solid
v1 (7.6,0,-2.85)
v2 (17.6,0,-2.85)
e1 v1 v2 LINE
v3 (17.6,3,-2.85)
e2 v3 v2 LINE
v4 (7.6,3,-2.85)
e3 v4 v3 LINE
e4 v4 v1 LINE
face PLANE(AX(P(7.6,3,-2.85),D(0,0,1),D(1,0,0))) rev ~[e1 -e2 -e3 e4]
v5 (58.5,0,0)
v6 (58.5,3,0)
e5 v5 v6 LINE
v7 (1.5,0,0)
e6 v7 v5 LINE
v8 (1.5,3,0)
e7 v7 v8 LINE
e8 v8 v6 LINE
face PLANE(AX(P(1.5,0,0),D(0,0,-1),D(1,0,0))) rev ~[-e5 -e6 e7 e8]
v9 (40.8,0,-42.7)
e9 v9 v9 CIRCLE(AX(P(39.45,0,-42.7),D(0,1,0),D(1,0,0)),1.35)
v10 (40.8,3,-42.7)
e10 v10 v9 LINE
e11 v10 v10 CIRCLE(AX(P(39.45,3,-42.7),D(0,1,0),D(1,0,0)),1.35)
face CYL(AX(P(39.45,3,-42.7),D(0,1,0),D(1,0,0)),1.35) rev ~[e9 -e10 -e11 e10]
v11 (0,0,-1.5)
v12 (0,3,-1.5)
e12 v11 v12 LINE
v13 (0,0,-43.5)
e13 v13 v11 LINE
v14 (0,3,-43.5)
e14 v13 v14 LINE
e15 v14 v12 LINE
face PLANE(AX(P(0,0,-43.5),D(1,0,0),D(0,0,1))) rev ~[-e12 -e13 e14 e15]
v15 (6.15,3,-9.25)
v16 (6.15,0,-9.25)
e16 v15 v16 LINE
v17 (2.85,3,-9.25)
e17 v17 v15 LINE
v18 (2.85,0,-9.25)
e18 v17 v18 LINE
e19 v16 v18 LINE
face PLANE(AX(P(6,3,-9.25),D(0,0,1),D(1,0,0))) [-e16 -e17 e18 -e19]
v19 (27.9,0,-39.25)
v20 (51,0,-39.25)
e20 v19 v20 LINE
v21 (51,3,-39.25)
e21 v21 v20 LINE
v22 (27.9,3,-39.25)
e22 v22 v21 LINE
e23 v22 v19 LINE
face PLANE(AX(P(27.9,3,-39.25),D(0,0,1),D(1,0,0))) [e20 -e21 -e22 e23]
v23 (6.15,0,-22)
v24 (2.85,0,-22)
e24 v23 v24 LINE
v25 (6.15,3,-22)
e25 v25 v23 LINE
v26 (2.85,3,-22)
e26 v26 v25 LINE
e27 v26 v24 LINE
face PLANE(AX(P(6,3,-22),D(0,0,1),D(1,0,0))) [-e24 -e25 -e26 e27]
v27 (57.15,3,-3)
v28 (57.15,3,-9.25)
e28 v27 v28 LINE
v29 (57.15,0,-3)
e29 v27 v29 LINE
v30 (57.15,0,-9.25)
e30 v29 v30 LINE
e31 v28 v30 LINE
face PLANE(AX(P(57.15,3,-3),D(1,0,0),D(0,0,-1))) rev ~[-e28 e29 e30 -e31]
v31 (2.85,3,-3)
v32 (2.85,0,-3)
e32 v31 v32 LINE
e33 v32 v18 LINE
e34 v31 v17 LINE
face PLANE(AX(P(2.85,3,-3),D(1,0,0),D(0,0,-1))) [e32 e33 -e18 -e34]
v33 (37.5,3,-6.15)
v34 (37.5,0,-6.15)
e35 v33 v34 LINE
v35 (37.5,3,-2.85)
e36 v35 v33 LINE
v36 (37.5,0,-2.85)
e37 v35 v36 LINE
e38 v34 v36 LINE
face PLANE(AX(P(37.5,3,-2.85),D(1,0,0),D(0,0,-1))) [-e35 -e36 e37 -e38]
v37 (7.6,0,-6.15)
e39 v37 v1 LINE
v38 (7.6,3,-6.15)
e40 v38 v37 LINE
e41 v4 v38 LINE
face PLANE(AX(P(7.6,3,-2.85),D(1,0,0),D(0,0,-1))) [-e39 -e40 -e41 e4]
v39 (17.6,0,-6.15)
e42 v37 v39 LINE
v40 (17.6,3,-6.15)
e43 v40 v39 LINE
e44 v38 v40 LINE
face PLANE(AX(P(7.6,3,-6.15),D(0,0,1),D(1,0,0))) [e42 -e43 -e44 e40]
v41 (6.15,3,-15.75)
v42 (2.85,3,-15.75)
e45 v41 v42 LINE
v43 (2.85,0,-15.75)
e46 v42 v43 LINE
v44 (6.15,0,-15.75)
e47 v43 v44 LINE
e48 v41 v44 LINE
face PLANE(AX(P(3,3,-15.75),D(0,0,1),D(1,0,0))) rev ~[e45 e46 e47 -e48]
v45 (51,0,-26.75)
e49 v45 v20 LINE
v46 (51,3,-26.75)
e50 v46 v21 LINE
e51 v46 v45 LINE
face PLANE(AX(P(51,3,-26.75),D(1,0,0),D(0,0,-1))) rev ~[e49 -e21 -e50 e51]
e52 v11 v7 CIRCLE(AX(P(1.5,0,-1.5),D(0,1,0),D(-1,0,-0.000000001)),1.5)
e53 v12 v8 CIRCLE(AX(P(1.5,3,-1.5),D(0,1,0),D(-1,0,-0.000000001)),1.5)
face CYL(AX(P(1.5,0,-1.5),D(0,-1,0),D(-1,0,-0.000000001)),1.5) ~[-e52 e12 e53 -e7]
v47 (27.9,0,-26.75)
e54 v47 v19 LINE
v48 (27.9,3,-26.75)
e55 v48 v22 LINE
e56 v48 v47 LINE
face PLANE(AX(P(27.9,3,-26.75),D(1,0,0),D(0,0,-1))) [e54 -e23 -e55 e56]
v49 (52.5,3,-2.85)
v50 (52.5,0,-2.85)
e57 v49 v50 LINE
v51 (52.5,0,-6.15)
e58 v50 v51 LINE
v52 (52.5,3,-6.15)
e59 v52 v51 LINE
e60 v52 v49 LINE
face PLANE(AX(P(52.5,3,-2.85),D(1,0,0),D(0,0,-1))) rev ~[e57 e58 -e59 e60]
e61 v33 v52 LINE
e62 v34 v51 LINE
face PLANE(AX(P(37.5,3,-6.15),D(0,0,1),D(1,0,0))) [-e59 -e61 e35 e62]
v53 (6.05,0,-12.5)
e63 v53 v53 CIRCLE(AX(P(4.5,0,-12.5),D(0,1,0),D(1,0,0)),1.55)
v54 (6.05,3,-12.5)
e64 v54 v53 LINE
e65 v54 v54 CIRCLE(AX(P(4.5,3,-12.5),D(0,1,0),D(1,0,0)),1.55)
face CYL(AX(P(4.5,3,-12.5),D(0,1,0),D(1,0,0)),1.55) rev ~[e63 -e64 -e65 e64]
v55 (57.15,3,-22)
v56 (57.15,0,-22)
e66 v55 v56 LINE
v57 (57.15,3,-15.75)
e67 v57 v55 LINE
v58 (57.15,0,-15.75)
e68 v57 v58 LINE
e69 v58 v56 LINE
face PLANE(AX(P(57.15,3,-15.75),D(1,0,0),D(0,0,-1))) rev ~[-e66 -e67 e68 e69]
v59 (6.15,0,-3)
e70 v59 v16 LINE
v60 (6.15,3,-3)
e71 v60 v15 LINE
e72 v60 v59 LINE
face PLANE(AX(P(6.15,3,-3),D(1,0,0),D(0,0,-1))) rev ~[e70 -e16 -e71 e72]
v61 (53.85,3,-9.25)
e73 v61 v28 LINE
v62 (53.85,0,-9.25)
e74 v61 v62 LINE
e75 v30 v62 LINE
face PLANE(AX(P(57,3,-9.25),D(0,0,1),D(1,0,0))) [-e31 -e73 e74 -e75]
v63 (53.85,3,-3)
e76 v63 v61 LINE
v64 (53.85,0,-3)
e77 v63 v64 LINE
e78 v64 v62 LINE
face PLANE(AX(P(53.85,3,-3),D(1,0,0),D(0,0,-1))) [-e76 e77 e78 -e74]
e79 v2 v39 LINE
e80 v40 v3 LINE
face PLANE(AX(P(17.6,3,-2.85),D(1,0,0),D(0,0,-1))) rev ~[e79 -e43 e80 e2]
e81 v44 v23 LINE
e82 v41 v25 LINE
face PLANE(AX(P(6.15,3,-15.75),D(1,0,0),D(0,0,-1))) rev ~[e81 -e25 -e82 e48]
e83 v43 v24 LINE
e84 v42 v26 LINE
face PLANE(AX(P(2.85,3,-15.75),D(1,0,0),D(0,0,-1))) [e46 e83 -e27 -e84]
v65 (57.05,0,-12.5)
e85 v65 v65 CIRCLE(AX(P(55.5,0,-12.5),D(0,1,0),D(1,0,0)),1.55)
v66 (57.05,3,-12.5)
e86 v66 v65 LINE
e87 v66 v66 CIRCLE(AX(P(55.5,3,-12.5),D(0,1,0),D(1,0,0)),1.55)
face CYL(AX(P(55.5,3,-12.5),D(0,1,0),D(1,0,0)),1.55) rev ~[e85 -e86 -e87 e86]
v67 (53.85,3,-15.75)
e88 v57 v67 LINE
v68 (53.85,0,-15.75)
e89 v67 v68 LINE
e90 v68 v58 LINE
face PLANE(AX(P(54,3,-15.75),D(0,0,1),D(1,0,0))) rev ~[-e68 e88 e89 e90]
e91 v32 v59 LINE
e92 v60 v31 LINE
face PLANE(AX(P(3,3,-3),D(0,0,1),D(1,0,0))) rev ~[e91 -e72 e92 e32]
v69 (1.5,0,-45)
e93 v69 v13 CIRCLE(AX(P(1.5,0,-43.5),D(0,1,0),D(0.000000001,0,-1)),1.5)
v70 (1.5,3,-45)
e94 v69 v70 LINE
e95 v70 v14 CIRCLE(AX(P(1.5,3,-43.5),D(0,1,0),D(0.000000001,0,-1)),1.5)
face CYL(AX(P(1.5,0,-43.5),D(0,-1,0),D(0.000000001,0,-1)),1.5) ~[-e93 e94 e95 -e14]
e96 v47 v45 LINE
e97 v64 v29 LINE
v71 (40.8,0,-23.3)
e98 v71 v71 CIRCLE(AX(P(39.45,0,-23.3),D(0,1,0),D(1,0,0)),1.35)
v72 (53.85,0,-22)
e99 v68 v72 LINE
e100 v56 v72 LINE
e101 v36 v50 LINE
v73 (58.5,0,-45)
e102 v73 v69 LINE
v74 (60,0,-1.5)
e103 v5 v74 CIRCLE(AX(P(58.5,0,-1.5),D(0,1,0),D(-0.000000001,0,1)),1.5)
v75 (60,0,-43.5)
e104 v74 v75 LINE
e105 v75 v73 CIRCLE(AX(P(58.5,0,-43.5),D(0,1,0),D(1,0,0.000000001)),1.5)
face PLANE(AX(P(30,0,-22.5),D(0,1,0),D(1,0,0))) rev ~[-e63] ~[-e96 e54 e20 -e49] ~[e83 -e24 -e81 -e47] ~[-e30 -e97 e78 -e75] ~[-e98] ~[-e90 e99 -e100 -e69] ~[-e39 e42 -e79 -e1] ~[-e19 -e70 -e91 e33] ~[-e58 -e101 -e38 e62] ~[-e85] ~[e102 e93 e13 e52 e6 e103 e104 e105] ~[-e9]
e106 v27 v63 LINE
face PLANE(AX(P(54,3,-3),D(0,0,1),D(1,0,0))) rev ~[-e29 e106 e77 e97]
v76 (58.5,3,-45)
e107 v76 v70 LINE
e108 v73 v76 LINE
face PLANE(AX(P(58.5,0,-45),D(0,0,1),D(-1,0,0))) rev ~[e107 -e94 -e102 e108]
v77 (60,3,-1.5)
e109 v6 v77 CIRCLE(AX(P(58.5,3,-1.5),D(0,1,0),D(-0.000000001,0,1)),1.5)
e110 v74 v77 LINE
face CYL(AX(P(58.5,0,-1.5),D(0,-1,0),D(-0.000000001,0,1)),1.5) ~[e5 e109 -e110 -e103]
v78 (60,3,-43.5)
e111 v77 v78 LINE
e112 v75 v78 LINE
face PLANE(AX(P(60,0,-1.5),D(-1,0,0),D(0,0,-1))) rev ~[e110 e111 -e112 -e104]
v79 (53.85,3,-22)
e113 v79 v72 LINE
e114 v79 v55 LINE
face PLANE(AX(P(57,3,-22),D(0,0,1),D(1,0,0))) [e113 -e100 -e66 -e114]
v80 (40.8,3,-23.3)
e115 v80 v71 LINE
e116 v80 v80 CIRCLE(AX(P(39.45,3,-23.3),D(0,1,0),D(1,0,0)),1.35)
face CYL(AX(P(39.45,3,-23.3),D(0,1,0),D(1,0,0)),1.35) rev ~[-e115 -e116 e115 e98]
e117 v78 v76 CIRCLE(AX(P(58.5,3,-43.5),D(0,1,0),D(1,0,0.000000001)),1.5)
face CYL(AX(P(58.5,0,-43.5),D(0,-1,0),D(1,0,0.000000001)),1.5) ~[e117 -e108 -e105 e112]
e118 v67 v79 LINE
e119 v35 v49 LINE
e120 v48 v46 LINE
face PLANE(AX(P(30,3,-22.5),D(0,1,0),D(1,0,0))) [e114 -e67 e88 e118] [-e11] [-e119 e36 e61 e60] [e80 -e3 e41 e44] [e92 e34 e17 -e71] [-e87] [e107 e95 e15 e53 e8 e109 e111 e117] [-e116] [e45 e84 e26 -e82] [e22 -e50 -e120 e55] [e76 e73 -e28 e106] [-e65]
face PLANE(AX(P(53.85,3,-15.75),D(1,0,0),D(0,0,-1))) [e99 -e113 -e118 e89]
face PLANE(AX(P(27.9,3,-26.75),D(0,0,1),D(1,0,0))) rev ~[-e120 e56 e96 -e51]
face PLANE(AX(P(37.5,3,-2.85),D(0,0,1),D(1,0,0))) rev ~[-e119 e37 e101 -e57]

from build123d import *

# Parameters (mm, degrees)
BOSS_EXTRUDE1_DEPTH     = 3
SKETCH2_R               = 1.35
SKETCH2_R_2             = 1.55
SKETCH2_W               = 23.1
SKETCH2_H               = 12.5
SKETCH2_W_2             = 15
SKETCH2_H_2             = 3
SKETCH2_W_3             = 10
SKETCH2_W_4             = 3
SKETCH2_H_3             = 6.25
MAIN_HOLE_EXTRUDE_DEPTH = 4
SKETCH3_W               = 10
SKETCH3_H               = 0.15
SKETCH3_W_2             = 15
SKETCH3_W_3             = 0.15
SKETCH3_H_2             = 6.25
CLEARANCE_EXTRUDE_DEPTH = 4


with BuildPart() as part:
    # Sketch1 → Boss-Extrude1 (new body)
    with BuildSketch(Plane(origin=(0, 0, 0), x_dir=(1, 0, 0), z_dir=(0, 1, 0))):
        with BuildLine():
            Line((1.5, 0), (58.5, 0))
            ThreePointArc((58.5, 0), (59.560660172, 0.439339828), (60, 1.5))
            Line((60, 1.5), (60, 43.5))
            ThreePointArc((60, 43.5), (59.560660172, 44.560660172), (58.5, 45))
            Line((58.5, 45), (1.5, 45))
            ThreePointArc((1.5, 45), (0.439339828, 44.560660172), (0, 43.5))
            Line((0, 43.5), (0, 1.5))
            ThreePointArc((0, 1.5), (0.439339828, 0.439339828), (1.5, 0))
        make_face()
    extrude(amount=BOSS_EXTRUDE1_DEPTH)

    # Sketch2 → Main Hole Extrude (cut, through all)
    with BuildSketch(Plane(origin=(0, 3, 0), x_dir=(1, 0, 0), z_dir=(0, 1, 0))):
        with Locations((39.45, 23.3)):
            Circle(SKETCH2_R)
        with Locations((39.45, 42.7)):
            Circle(SKETCH2_R)
        with Locations((4.5, 12.5)):
            Circle(SKETCH2_R_2)
        with Locations((55.5, 12.5)):
            Circle(SKETCH2_R_2)
        with Locations((39.45, 33)):
            Rectangle(SKETCH2_W, SKETCH2_H)
        with Locations((45, 4.5)):
            Rectangle(SKETCH2_W_2, SKETCH2_H_2)
        with Locations((12.6, 4.5)):
            Rectangle(SKETCH2_W_3, SKETCH2_H_2)
        with Locations((4.5, 18.875)):
            Rectangle(SKETCH2_W_4, SKETCH2_H_3)
        with Locations((4.5, 6.125)):
            Rectangle(SKETCH2_W_4, SKETCH2_H_3)
        with Locations((55.5, 18.875)):
            Rectangle(SKETCH2_W_4, SKETCH2_H_3)
        with Locations((55.5, 6.125)):
            Rectangle(SKETCH2_W_4, SKETCH2_H_3)
    extrude(amount=-MAIN_HOLE_EXTRUDE_DEPTH, mode=Mode.SUBTRACT)

    # Sketch3 → Clearance Extrude (cut, through all)
    with BuildSketch(Plane(origin=(0, 3, 0), x_dir=(1, 0, 0), z_dir=(0, 1, 0))):
        with Locations((12.6, 6.075)):
            Rectangle(SKETCH3_W, SKETCH3_H)
        with Locations((12.6, 2.925)):
            Rectangle(SKETCH3_W, SKETCH3_H)
        with Locations((45, 6.075)):
            Rectangle(SKETCH3_W_2, SKETCH3_H)
        with Locations((45, 2.925)):
            Rectangle(SKETCH3_W_2, SKETCH3_H)
        with Locations((6.075, 18.875)):
            Rectangle(SKETCH3_W_3, SKETCH3_H_2)
        with Locations((2.925, 18.875)):
            Rectangle(SKETCH3_W_3, SKETCH3_H_2)
        with Locations((6.075, 6.125)):
            Rectangle(SKETCH3_W_3, SKETCH3_H_2)
        with Locations((2.925, 6.125)):
            Rectangle(SKETCH3_W_3, SKETCH3_H_2)
        with Locations((53.925, 18.875)):
            Rectangle(SKETCH3_W_3, SKETCH3_H_2)
        with Locations((57.075, 18.875)):
            Rectangle(SKETCH3_W_3, SKETCH3_H_2)
        with Locations((57.075, 6.125)):
            Rectangle(SKETCH3_W_3, SKETCH3_H_2)
        with Locations((53.925, 6.125)):
            Rectangle(SKETCH3_W_3, SKETCH3_H_2)
    extrude(amount=-CLEARANCE_EXTRUDE_DEPTH, mode=Mode.SUBTRACT)


solid = part.part
